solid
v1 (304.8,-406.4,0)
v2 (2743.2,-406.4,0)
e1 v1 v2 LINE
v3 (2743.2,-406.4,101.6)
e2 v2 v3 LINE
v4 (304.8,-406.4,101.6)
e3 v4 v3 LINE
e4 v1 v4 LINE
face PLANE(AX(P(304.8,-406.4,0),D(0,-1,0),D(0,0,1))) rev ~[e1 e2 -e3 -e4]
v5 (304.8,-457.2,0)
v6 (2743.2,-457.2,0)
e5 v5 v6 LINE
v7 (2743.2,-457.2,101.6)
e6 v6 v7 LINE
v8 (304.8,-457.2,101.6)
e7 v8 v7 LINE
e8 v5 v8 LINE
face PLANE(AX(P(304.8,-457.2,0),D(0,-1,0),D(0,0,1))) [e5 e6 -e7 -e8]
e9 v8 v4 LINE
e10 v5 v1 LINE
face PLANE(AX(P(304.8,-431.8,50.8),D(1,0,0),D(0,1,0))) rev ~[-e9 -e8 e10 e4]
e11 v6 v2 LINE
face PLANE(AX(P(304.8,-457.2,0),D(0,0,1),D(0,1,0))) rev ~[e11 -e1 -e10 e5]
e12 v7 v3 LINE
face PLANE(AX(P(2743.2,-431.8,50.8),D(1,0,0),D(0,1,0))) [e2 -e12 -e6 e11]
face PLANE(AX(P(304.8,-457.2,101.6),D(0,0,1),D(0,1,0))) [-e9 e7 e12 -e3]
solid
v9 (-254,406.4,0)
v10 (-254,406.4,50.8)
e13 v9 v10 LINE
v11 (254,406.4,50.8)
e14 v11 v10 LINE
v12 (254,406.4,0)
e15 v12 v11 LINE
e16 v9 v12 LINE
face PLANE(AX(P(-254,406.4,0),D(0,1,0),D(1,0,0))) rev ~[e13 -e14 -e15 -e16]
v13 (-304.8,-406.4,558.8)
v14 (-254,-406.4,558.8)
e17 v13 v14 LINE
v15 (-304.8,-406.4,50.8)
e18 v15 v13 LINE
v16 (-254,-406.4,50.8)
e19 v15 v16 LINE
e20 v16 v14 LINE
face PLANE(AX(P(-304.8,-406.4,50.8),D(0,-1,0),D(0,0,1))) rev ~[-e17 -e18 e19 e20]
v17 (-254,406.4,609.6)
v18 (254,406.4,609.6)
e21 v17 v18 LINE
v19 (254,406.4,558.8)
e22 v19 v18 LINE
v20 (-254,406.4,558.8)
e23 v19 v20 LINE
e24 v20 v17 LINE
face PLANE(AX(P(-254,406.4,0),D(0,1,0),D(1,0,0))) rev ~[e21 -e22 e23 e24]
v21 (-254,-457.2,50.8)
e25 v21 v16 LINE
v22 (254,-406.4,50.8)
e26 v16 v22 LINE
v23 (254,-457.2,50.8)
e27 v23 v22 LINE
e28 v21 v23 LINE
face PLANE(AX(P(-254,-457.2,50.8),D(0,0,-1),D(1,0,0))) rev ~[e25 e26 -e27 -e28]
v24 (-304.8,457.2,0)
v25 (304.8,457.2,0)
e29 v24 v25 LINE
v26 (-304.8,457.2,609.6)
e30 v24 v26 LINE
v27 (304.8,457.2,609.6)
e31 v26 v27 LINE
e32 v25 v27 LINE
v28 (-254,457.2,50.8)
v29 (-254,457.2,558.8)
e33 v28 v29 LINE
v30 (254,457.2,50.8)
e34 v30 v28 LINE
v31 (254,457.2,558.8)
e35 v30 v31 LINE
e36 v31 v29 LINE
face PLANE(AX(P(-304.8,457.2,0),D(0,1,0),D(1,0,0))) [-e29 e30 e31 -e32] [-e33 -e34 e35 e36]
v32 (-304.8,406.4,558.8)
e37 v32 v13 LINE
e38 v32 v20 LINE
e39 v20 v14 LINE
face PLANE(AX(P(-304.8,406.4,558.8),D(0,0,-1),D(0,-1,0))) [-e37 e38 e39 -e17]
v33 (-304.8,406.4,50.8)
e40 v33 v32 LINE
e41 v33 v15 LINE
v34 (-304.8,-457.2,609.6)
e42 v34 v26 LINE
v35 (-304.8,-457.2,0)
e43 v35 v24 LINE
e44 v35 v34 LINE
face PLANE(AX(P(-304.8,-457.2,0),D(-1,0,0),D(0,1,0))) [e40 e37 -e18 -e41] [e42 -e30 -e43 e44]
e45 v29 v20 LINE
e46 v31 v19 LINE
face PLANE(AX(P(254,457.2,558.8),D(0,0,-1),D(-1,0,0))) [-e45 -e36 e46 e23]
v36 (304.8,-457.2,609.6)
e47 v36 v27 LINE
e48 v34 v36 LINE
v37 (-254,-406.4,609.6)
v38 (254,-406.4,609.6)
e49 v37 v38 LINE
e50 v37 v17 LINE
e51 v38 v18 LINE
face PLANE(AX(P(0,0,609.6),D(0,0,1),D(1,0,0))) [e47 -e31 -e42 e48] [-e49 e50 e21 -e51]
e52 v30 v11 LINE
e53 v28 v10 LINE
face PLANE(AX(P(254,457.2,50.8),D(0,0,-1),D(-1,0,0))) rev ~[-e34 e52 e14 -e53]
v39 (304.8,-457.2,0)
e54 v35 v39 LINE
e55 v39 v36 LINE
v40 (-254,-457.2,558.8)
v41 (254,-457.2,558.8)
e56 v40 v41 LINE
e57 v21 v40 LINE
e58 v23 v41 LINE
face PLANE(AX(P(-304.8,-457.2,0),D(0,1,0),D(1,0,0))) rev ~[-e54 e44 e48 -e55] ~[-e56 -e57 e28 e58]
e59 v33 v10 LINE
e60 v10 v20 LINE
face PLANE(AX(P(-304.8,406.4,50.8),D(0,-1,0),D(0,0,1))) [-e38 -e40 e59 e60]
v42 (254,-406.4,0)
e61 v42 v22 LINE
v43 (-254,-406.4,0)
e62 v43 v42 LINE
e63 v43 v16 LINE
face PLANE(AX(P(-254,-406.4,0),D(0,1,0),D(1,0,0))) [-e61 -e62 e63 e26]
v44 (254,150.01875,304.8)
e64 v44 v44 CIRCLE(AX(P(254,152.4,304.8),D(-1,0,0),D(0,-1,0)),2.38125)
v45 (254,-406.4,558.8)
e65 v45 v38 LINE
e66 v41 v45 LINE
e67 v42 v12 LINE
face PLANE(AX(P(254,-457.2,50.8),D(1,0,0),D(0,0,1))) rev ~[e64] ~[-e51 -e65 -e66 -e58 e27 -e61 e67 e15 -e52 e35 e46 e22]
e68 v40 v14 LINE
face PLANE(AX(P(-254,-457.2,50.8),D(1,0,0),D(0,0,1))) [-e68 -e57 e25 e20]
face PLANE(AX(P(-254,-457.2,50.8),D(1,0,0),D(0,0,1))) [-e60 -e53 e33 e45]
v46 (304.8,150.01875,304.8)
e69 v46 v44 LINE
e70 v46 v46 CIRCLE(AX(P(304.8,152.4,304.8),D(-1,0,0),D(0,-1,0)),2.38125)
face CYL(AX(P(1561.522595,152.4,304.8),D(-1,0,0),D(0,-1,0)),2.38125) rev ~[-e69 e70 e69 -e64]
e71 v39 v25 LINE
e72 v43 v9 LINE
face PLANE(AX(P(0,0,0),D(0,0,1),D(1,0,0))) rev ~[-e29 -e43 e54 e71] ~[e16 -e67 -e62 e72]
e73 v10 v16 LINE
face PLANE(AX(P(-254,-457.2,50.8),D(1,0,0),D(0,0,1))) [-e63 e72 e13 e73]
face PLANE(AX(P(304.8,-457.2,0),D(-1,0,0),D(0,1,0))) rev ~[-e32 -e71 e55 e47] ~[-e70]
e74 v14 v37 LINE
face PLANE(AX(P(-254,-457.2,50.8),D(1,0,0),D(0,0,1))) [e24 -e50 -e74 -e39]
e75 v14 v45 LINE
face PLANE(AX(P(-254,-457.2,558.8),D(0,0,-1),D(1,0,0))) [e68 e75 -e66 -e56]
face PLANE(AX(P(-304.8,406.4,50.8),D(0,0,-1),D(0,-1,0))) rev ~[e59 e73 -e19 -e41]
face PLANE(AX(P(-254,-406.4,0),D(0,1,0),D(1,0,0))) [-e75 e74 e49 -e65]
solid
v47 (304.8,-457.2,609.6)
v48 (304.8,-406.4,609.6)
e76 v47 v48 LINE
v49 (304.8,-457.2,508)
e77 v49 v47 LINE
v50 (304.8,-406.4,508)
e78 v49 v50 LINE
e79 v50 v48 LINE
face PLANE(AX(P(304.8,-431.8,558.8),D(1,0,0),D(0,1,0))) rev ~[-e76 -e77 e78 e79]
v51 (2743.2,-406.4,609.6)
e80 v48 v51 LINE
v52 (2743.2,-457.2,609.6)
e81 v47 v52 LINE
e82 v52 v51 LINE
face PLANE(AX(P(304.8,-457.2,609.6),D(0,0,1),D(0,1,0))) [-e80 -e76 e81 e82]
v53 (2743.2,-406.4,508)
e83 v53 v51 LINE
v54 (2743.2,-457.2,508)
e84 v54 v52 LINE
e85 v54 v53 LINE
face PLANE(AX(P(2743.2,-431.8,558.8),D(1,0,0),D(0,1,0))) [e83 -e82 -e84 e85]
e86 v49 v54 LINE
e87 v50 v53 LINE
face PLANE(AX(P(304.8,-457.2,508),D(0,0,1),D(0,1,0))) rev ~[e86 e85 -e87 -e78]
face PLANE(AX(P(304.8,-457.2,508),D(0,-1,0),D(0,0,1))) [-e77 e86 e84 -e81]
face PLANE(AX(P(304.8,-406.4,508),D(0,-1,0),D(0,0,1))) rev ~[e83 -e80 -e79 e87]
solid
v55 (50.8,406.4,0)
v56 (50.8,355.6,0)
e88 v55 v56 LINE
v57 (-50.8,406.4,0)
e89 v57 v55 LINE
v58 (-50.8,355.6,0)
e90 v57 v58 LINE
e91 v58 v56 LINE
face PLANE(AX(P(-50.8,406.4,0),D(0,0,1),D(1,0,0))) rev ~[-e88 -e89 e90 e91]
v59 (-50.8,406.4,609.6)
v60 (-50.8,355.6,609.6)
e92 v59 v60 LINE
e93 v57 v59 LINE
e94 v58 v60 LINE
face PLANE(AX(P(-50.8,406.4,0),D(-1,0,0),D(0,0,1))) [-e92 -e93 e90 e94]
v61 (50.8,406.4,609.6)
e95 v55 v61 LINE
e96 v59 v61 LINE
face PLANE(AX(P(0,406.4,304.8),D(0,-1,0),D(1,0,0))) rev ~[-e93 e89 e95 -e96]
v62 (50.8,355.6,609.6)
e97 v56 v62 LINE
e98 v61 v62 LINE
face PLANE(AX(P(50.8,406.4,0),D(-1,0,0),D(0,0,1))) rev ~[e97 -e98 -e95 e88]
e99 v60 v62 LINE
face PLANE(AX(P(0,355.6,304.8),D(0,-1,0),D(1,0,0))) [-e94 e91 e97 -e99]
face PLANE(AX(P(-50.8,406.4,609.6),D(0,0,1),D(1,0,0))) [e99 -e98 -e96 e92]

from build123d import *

# Parameters (mm, degrees)
F0_W      = 609.6
F0_H      = 914.4
F0_W_2    = 508
F0_H_2    = 812.8
F1_DEPTH  = 609.6
F2_W      = 508
F2_H      = 508
F3_DEPTH  = 50.8
F4_W      = 508
F4_H      = 508
F5_DEPTH  = 50.8
F6_W      = 812.8
F6_H      = 508
F7_DEPTH  = 50.8
F8_W      = 50.8
F8_H      = 101.6
F9_DEPTH  = 2438.4
F10_D     = 4.7625
F11_W     = 101.6
F11_H     = 609.6
F12_DEPTH = 50.8


with BuildPart() as f1:
    # F0 (on Top) → F1 (new body)
    with BuildSketch(Plane.XY):
        Rectangle(F0_W, F0_H)
        Rectangle(F0_W_2, F0_H_2, mode=Mode.SUBTRACT)
    extrude(amount=F1_DEPTH)

    # F2 (on face) → F3 (cut)
    with BuildSketch(Plane.XZ.offset(457.2)):
        with Locations((0, 304.8)):
            Rectangle(F2_W, F2_H)
    extrude(amount=-F3_DEPTH, mode=Mode.SUBTRACT)

    # F4 (on face) → F5 (cut)
    with BuildSketch(Plane(origin=(0, 457.2, 0), x_dir=(-1, 0, 0), z_dir=(0, 1, 0))):
        with Locations((0, 304.8)):
            Rectangle(F4_W, F4_H)
    extrude(amount=-F5_DEPTH, mode=Mode.SUBTRACT)

    # F6 (on face) → F7 (cut)
    with BuildSketch(Plane(origin=(-304.8, 0, 0), x_dir=(0, -1, 0), z_dir=(-1, 0, 0))):
        with Locations((0, 304.8)):
            Rectangle(F6_W, F6_H)
    extrude(amount=-F7_DEPTH, mode=Mode.SUBTRACT)

    # F10 (through all)
    with Locations(Plane.YZ.offset(304.8)):
        with Locations((152.4, 304.8)):
            Hole(F10_D / 2)


with BuildPart() as f9:
    # F8 (on face) → F9 (new body)
    with BuildSketch(Plane.YZ.offset(304.8)):
        with Locations((-431.8, 558.8)):
            Rectangle(F8_W, F8_H)
        with Locations((-431.8, 50.8)):
            Rectangle(F8_W, F8_H)
    extrude(amount=F9_DEPTH)


with BuildPart() as f12:
    # F11 (on face) → F12 (new body)
    with BuildSketch(Plane.XZ.offset(-406.4)):
        with Locations((0, 304.8)):
            Rectangle(F11_W, F11_H)
    extrude(amount=F12_DEPTH)


solid = Compound([f1.part, f9.part, f12.part])
